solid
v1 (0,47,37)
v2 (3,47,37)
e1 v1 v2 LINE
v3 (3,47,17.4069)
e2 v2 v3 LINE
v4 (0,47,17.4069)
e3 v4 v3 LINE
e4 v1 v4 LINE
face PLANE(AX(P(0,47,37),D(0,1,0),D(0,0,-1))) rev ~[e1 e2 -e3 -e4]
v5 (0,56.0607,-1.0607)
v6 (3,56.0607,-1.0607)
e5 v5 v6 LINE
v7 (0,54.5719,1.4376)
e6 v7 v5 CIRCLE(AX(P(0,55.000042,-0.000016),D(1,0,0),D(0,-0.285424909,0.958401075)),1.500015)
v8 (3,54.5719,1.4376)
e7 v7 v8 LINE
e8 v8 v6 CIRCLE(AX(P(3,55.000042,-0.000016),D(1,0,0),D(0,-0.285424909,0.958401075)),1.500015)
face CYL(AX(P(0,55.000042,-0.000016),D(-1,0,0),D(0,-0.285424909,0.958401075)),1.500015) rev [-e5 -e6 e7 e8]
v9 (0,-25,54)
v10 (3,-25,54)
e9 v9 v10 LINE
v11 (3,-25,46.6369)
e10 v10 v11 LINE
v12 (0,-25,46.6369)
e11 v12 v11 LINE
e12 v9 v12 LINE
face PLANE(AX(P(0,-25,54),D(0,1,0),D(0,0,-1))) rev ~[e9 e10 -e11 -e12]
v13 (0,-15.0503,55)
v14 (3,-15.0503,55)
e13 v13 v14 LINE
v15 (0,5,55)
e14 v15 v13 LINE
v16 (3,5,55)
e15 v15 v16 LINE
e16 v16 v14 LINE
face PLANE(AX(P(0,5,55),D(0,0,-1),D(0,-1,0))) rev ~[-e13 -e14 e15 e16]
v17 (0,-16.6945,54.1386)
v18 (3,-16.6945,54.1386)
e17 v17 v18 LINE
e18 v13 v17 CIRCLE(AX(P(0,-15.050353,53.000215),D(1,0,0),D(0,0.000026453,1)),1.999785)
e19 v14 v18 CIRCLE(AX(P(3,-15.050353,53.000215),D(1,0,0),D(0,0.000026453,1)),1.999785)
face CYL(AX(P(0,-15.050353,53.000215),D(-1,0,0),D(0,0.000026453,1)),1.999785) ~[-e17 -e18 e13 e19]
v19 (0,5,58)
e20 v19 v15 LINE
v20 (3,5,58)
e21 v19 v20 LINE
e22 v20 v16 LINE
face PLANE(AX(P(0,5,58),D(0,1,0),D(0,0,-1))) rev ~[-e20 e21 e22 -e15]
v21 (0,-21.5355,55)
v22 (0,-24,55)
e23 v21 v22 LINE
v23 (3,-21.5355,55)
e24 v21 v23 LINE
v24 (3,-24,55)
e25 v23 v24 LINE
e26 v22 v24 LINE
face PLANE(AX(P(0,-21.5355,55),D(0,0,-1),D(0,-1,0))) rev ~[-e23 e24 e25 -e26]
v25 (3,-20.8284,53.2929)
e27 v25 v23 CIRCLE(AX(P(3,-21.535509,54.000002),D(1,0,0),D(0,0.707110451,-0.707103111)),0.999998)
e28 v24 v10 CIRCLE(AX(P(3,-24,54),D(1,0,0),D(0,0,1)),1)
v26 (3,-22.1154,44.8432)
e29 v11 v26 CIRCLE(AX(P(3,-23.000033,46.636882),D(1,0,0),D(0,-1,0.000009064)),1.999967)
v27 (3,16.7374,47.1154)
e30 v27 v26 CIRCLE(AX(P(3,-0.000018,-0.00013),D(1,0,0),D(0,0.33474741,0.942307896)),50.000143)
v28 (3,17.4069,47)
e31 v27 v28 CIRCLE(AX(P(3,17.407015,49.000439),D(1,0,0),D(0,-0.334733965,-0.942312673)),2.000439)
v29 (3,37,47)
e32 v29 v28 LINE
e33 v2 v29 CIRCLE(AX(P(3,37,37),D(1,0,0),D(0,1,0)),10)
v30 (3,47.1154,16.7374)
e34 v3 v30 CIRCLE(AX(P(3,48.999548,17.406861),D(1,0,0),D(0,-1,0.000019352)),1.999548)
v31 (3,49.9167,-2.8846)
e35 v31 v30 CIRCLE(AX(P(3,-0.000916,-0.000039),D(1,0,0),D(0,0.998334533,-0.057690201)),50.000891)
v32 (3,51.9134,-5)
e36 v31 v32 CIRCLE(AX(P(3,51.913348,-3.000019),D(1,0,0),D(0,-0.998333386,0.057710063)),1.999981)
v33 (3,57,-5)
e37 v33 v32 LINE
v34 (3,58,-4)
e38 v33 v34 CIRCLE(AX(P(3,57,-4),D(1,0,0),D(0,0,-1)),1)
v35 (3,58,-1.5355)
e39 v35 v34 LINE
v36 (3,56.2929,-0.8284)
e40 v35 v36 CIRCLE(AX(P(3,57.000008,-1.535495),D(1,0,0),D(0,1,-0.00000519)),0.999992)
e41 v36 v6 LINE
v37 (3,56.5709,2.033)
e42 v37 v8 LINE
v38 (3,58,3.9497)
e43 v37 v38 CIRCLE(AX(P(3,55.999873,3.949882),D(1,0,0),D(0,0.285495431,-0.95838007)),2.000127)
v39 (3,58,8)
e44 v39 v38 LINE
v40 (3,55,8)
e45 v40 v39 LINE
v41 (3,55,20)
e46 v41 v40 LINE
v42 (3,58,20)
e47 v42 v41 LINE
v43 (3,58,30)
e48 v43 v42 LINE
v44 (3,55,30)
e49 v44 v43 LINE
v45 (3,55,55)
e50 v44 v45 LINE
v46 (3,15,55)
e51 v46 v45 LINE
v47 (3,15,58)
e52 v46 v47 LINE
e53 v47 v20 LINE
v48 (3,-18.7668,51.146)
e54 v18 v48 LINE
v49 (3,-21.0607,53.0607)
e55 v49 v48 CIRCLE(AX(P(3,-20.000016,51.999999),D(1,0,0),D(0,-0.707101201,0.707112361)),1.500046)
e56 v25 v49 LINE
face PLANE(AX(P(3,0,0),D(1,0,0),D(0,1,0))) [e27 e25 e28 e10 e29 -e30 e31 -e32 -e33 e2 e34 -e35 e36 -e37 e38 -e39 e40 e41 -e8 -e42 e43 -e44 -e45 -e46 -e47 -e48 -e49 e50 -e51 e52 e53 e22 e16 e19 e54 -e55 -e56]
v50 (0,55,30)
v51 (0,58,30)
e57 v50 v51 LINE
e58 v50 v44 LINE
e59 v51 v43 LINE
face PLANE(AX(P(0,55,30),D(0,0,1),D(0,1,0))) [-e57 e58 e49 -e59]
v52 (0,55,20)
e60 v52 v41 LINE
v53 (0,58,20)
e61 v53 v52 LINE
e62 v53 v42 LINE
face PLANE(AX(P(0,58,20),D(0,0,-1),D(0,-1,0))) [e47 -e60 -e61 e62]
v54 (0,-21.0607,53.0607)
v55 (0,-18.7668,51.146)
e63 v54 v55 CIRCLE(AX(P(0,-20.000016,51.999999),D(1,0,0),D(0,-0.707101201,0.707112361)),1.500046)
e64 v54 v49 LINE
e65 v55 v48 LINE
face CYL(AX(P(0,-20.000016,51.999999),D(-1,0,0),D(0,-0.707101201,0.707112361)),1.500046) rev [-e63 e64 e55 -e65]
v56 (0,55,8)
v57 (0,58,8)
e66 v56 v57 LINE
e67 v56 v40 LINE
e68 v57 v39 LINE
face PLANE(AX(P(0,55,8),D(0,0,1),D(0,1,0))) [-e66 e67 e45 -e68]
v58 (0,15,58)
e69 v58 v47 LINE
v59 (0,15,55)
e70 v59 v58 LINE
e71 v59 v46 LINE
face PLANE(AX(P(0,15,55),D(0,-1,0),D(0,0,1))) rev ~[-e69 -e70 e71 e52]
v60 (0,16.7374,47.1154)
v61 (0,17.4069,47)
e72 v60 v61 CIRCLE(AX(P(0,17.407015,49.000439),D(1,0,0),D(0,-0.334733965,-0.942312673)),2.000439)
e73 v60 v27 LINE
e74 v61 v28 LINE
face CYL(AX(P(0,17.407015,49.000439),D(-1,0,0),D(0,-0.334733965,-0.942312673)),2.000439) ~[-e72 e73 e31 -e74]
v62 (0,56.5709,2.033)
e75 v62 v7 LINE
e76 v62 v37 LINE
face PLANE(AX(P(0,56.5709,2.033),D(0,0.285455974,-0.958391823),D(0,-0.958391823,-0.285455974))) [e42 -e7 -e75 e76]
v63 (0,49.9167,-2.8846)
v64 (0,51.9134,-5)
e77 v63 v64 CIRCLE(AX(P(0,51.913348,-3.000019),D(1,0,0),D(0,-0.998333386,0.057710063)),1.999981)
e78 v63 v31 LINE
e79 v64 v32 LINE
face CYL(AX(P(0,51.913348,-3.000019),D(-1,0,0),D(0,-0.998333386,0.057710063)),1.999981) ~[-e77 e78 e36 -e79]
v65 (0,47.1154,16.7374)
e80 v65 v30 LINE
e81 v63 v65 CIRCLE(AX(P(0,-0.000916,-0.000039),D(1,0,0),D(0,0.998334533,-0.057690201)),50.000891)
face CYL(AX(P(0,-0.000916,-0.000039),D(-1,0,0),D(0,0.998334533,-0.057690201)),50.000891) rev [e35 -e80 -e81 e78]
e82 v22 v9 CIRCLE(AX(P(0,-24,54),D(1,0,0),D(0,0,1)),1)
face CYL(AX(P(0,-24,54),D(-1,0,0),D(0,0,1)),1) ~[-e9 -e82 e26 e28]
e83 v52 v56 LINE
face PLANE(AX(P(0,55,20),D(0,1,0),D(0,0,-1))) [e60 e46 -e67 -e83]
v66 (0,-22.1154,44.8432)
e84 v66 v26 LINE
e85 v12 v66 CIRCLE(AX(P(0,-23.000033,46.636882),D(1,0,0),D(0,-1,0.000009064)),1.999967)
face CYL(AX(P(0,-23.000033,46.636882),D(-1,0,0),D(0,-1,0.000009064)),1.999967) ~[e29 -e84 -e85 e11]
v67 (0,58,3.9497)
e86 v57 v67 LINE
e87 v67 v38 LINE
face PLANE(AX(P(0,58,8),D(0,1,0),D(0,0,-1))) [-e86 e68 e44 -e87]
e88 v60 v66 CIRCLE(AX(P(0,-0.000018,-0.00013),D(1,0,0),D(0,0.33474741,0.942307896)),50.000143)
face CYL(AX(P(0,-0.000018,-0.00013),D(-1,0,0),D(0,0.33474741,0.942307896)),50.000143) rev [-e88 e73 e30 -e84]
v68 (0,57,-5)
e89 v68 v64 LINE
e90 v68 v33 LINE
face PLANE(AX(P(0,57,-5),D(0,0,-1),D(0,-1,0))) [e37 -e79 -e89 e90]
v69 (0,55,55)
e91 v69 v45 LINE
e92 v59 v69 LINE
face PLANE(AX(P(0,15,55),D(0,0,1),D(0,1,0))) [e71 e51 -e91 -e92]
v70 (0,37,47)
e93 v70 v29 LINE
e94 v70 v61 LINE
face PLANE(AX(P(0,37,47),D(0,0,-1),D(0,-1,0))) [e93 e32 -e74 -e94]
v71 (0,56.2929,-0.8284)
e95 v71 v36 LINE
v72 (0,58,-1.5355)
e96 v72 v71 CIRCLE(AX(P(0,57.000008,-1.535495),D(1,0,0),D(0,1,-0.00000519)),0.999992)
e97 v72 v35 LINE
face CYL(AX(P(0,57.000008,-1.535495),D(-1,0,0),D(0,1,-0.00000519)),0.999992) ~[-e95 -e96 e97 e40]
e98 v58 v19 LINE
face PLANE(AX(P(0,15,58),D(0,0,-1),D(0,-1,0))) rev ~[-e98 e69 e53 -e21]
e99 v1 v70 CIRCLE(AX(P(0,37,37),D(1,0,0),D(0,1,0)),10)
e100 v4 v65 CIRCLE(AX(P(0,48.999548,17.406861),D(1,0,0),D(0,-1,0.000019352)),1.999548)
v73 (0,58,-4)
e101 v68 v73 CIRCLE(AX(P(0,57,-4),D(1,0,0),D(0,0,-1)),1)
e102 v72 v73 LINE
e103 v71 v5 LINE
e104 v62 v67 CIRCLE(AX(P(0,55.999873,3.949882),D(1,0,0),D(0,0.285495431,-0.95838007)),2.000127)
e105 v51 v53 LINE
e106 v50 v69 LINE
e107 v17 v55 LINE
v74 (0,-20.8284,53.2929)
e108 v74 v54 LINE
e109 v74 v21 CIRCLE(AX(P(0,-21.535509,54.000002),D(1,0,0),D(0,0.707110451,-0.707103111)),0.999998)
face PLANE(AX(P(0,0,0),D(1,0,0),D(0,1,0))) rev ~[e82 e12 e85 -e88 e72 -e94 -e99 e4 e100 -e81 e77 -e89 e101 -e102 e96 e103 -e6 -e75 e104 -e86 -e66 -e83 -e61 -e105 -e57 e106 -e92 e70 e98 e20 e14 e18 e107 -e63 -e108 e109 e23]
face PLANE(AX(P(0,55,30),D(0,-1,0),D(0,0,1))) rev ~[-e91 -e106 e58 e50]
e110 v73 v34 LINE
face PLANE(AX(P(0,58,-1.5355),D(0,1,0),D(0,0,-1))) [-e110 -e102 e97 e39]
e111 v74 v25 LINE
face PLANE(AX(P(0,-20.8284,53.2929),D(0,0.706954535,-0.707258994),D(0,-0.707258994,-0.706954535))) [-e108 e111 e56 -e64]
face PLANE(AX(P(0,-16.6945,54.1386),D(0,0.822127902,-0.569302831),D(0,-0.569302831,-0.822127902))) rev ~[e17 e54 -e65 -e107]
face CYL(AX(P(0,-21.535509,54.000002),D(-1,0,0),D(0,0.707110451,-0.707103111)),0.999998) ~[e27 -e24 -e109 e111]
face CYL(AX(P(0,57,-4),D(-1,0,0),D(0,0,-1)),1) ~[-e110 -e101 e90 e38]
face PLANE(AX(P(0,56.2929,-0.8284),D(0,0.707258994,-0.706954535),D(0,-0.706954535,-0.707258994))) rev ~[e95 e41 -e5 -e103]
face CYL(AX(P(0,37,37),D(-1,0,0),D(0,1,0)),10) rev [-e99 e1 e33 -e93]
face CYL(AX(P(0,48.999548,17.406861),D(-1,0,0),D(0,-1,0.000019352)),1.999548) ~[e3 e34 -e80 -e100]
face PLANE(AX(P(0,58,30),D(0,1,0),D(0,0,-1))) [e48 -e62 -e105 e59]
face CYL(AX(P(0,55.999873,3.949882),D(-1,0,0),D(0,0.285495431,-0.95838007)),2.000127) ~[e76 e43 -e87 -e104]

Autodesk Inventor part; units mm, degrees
ref_plane "YZ Plane" through (0, 0, 0) normal (1, 0, 0) x (0, 1, 0)
ref_plane "XZ Plane" through (0, 0, 0) normal (0, 1, 0) x (-1, 0, 0)
ref_plane "XY Plane" through (0, 0, 0) normal (0, 0, 1) x (1, 0, 0)
sketch "Sketch2" plane through (0, 0, 0) normal (1, 0, 0) x (0, 1, 0)
  line L0 (55, 30) -> (58, 30)
  line L1 (58, 30) -> (58, 20)
  line L2 (58, 20) -> (55, 20)
  line L3 (15, 55) -> (15, 58)
  line L4 (15, 58) -> (5, 58)
  line L5 (5, 58) -> (5, 55)
  line L6 (55, 30) -> (55, 55)
  line L7 (15, 55) -> (55, 55)
  line L8 (55, 20) -> (55, 8)
  line L9 (55, 8) -> (58, 8)
  arc A0 (54.5719, 1.4376) -> (56.0607, -1.0607) centre (55, 0) ccw
  line L10 (57, -5) -> (51.9134, -5)
  line L11 (56.5709, 2.033) -> (54.5719, 1.4376)
  line L12 (56.2929, -0.8284) -> (56.0607, -1.0607)
  line L13 (58, 8) -> (58, 3.9497)
  line L14 (58, -1.5355) -> (58, -4)
  arc A1 (56.5709, 2.033) -> (58, 3.9497) centre (56, 3.9497) ccw
  arc A2 (58, -1.5355) -> (56.2929, -0.8284) centre (57, -1.5355) ccw
  arc A3 (57, -5) -> (58, -4) centre (57, -4) ccw
  line L15 (-25, 54) -> (-25, 46.6369)
  arc A4 (-21.0607, 53.0607) -> (-18.7668, 51.146) centre (-20, 52) ccw
  line L16 (-20.8284, 53.2929) -> (-21.0607, 53.0607)
  line L17 (-16.6945, 54.1386) -> (-18.7668, 51.146)
  line L18 (5, 55) -> (-15.0503, 55)
  line L19 (-21.5355, 55) -> (-24, 55)
  arc A5 (-15.0503, 55) -> (-16.6945, 54.1386) centre (-15.0503, 53) ccw
  arc A6 (-25, 46.6369) -> (-22.1154, 44.8432) centre (-23, 46.6369) ccw
  arc A7 (-24, 55) -> (-25, 54) centre (-24, 54) ccw
  arc A8 (-20.8284, 53.2929) -> (-21.5355, 55) centre (-21.5355, 54) ccw
  arc A9 (49.9167, -2.8846) -> (47.1154, 16.7374) centre (0, 0) ccw
  arc A10 (16.7374, 47.1154) -> (-22.1154, 44.8432) centre (0, 0) ccw
  arc A11 (49.9167, -2.8846) -> (51.9134, -5) centre (51.9134, -3) ccw
  line L20 (47, 37) -> (47, 17.4069)
  line L21 (37, 47) -> (17.4069, 47)
  arc A12 (47, 17.4069) -> (47.1154, 16.7374) centre (49, 17.4069) ccw
  arc A13 (16.7374, 47.1154) -> (17.4069, 47) centre (17.4069, 49) ccw
  arc A14 (47, 37) -> (37, 47) centre (37, 37) ccw
  point P0 (-29.1247, 40.6418)
  point P1 (45.8258, -20)
  point P2 (49.96, -5)
  point P3 (-25, 43.3013)
  point P4 (58, -5)
  point P5 (-25, 55)
  point P6 (21.7945, 45)
  point P7 (45, 21.7945)
  point P8 (17.0587, 47)
  point P9 (47, 17.0587)
  point P10 (49.7494, -5)
  dimension "d5" = 10
  dimension "d6" = 10
  dimension "d13" = 40
  dimension "d14" = 25
  dimension "d15" = 3
  dimension "d16" = 3
  dimension "d22" = 55
  dimension "d23" = 55
  dimension "d43" = 12
  dimension "d44" = 3
  dimension "d46" = 3
  dimension "d48" = 3
  dimension "d53" = 2
  dimension "d54" = 1
  dimension "d57" = 80
  dimension "d58" = 3
  dimension "d59" = 5
  dimension "d61" = 3
  dimension "d64" = 2
  dimension "d65" = 2
  dimension "d66" = 1
  dimension "d67" = 3
  dimension "d75" = 4.0503
  dimension "d76" = 60
  dimension "d77" = 2
  dimension "d78" = 5
  dimension "d79" = 3
  dimension "d82" = 8
  dimension "d83" = 2
  dimension "d84" = 10
extrude "Extrusion3" add sketch "Sketch2" along normal blind 3
properties part number "OpenROV 2_2a Tube Brace"
